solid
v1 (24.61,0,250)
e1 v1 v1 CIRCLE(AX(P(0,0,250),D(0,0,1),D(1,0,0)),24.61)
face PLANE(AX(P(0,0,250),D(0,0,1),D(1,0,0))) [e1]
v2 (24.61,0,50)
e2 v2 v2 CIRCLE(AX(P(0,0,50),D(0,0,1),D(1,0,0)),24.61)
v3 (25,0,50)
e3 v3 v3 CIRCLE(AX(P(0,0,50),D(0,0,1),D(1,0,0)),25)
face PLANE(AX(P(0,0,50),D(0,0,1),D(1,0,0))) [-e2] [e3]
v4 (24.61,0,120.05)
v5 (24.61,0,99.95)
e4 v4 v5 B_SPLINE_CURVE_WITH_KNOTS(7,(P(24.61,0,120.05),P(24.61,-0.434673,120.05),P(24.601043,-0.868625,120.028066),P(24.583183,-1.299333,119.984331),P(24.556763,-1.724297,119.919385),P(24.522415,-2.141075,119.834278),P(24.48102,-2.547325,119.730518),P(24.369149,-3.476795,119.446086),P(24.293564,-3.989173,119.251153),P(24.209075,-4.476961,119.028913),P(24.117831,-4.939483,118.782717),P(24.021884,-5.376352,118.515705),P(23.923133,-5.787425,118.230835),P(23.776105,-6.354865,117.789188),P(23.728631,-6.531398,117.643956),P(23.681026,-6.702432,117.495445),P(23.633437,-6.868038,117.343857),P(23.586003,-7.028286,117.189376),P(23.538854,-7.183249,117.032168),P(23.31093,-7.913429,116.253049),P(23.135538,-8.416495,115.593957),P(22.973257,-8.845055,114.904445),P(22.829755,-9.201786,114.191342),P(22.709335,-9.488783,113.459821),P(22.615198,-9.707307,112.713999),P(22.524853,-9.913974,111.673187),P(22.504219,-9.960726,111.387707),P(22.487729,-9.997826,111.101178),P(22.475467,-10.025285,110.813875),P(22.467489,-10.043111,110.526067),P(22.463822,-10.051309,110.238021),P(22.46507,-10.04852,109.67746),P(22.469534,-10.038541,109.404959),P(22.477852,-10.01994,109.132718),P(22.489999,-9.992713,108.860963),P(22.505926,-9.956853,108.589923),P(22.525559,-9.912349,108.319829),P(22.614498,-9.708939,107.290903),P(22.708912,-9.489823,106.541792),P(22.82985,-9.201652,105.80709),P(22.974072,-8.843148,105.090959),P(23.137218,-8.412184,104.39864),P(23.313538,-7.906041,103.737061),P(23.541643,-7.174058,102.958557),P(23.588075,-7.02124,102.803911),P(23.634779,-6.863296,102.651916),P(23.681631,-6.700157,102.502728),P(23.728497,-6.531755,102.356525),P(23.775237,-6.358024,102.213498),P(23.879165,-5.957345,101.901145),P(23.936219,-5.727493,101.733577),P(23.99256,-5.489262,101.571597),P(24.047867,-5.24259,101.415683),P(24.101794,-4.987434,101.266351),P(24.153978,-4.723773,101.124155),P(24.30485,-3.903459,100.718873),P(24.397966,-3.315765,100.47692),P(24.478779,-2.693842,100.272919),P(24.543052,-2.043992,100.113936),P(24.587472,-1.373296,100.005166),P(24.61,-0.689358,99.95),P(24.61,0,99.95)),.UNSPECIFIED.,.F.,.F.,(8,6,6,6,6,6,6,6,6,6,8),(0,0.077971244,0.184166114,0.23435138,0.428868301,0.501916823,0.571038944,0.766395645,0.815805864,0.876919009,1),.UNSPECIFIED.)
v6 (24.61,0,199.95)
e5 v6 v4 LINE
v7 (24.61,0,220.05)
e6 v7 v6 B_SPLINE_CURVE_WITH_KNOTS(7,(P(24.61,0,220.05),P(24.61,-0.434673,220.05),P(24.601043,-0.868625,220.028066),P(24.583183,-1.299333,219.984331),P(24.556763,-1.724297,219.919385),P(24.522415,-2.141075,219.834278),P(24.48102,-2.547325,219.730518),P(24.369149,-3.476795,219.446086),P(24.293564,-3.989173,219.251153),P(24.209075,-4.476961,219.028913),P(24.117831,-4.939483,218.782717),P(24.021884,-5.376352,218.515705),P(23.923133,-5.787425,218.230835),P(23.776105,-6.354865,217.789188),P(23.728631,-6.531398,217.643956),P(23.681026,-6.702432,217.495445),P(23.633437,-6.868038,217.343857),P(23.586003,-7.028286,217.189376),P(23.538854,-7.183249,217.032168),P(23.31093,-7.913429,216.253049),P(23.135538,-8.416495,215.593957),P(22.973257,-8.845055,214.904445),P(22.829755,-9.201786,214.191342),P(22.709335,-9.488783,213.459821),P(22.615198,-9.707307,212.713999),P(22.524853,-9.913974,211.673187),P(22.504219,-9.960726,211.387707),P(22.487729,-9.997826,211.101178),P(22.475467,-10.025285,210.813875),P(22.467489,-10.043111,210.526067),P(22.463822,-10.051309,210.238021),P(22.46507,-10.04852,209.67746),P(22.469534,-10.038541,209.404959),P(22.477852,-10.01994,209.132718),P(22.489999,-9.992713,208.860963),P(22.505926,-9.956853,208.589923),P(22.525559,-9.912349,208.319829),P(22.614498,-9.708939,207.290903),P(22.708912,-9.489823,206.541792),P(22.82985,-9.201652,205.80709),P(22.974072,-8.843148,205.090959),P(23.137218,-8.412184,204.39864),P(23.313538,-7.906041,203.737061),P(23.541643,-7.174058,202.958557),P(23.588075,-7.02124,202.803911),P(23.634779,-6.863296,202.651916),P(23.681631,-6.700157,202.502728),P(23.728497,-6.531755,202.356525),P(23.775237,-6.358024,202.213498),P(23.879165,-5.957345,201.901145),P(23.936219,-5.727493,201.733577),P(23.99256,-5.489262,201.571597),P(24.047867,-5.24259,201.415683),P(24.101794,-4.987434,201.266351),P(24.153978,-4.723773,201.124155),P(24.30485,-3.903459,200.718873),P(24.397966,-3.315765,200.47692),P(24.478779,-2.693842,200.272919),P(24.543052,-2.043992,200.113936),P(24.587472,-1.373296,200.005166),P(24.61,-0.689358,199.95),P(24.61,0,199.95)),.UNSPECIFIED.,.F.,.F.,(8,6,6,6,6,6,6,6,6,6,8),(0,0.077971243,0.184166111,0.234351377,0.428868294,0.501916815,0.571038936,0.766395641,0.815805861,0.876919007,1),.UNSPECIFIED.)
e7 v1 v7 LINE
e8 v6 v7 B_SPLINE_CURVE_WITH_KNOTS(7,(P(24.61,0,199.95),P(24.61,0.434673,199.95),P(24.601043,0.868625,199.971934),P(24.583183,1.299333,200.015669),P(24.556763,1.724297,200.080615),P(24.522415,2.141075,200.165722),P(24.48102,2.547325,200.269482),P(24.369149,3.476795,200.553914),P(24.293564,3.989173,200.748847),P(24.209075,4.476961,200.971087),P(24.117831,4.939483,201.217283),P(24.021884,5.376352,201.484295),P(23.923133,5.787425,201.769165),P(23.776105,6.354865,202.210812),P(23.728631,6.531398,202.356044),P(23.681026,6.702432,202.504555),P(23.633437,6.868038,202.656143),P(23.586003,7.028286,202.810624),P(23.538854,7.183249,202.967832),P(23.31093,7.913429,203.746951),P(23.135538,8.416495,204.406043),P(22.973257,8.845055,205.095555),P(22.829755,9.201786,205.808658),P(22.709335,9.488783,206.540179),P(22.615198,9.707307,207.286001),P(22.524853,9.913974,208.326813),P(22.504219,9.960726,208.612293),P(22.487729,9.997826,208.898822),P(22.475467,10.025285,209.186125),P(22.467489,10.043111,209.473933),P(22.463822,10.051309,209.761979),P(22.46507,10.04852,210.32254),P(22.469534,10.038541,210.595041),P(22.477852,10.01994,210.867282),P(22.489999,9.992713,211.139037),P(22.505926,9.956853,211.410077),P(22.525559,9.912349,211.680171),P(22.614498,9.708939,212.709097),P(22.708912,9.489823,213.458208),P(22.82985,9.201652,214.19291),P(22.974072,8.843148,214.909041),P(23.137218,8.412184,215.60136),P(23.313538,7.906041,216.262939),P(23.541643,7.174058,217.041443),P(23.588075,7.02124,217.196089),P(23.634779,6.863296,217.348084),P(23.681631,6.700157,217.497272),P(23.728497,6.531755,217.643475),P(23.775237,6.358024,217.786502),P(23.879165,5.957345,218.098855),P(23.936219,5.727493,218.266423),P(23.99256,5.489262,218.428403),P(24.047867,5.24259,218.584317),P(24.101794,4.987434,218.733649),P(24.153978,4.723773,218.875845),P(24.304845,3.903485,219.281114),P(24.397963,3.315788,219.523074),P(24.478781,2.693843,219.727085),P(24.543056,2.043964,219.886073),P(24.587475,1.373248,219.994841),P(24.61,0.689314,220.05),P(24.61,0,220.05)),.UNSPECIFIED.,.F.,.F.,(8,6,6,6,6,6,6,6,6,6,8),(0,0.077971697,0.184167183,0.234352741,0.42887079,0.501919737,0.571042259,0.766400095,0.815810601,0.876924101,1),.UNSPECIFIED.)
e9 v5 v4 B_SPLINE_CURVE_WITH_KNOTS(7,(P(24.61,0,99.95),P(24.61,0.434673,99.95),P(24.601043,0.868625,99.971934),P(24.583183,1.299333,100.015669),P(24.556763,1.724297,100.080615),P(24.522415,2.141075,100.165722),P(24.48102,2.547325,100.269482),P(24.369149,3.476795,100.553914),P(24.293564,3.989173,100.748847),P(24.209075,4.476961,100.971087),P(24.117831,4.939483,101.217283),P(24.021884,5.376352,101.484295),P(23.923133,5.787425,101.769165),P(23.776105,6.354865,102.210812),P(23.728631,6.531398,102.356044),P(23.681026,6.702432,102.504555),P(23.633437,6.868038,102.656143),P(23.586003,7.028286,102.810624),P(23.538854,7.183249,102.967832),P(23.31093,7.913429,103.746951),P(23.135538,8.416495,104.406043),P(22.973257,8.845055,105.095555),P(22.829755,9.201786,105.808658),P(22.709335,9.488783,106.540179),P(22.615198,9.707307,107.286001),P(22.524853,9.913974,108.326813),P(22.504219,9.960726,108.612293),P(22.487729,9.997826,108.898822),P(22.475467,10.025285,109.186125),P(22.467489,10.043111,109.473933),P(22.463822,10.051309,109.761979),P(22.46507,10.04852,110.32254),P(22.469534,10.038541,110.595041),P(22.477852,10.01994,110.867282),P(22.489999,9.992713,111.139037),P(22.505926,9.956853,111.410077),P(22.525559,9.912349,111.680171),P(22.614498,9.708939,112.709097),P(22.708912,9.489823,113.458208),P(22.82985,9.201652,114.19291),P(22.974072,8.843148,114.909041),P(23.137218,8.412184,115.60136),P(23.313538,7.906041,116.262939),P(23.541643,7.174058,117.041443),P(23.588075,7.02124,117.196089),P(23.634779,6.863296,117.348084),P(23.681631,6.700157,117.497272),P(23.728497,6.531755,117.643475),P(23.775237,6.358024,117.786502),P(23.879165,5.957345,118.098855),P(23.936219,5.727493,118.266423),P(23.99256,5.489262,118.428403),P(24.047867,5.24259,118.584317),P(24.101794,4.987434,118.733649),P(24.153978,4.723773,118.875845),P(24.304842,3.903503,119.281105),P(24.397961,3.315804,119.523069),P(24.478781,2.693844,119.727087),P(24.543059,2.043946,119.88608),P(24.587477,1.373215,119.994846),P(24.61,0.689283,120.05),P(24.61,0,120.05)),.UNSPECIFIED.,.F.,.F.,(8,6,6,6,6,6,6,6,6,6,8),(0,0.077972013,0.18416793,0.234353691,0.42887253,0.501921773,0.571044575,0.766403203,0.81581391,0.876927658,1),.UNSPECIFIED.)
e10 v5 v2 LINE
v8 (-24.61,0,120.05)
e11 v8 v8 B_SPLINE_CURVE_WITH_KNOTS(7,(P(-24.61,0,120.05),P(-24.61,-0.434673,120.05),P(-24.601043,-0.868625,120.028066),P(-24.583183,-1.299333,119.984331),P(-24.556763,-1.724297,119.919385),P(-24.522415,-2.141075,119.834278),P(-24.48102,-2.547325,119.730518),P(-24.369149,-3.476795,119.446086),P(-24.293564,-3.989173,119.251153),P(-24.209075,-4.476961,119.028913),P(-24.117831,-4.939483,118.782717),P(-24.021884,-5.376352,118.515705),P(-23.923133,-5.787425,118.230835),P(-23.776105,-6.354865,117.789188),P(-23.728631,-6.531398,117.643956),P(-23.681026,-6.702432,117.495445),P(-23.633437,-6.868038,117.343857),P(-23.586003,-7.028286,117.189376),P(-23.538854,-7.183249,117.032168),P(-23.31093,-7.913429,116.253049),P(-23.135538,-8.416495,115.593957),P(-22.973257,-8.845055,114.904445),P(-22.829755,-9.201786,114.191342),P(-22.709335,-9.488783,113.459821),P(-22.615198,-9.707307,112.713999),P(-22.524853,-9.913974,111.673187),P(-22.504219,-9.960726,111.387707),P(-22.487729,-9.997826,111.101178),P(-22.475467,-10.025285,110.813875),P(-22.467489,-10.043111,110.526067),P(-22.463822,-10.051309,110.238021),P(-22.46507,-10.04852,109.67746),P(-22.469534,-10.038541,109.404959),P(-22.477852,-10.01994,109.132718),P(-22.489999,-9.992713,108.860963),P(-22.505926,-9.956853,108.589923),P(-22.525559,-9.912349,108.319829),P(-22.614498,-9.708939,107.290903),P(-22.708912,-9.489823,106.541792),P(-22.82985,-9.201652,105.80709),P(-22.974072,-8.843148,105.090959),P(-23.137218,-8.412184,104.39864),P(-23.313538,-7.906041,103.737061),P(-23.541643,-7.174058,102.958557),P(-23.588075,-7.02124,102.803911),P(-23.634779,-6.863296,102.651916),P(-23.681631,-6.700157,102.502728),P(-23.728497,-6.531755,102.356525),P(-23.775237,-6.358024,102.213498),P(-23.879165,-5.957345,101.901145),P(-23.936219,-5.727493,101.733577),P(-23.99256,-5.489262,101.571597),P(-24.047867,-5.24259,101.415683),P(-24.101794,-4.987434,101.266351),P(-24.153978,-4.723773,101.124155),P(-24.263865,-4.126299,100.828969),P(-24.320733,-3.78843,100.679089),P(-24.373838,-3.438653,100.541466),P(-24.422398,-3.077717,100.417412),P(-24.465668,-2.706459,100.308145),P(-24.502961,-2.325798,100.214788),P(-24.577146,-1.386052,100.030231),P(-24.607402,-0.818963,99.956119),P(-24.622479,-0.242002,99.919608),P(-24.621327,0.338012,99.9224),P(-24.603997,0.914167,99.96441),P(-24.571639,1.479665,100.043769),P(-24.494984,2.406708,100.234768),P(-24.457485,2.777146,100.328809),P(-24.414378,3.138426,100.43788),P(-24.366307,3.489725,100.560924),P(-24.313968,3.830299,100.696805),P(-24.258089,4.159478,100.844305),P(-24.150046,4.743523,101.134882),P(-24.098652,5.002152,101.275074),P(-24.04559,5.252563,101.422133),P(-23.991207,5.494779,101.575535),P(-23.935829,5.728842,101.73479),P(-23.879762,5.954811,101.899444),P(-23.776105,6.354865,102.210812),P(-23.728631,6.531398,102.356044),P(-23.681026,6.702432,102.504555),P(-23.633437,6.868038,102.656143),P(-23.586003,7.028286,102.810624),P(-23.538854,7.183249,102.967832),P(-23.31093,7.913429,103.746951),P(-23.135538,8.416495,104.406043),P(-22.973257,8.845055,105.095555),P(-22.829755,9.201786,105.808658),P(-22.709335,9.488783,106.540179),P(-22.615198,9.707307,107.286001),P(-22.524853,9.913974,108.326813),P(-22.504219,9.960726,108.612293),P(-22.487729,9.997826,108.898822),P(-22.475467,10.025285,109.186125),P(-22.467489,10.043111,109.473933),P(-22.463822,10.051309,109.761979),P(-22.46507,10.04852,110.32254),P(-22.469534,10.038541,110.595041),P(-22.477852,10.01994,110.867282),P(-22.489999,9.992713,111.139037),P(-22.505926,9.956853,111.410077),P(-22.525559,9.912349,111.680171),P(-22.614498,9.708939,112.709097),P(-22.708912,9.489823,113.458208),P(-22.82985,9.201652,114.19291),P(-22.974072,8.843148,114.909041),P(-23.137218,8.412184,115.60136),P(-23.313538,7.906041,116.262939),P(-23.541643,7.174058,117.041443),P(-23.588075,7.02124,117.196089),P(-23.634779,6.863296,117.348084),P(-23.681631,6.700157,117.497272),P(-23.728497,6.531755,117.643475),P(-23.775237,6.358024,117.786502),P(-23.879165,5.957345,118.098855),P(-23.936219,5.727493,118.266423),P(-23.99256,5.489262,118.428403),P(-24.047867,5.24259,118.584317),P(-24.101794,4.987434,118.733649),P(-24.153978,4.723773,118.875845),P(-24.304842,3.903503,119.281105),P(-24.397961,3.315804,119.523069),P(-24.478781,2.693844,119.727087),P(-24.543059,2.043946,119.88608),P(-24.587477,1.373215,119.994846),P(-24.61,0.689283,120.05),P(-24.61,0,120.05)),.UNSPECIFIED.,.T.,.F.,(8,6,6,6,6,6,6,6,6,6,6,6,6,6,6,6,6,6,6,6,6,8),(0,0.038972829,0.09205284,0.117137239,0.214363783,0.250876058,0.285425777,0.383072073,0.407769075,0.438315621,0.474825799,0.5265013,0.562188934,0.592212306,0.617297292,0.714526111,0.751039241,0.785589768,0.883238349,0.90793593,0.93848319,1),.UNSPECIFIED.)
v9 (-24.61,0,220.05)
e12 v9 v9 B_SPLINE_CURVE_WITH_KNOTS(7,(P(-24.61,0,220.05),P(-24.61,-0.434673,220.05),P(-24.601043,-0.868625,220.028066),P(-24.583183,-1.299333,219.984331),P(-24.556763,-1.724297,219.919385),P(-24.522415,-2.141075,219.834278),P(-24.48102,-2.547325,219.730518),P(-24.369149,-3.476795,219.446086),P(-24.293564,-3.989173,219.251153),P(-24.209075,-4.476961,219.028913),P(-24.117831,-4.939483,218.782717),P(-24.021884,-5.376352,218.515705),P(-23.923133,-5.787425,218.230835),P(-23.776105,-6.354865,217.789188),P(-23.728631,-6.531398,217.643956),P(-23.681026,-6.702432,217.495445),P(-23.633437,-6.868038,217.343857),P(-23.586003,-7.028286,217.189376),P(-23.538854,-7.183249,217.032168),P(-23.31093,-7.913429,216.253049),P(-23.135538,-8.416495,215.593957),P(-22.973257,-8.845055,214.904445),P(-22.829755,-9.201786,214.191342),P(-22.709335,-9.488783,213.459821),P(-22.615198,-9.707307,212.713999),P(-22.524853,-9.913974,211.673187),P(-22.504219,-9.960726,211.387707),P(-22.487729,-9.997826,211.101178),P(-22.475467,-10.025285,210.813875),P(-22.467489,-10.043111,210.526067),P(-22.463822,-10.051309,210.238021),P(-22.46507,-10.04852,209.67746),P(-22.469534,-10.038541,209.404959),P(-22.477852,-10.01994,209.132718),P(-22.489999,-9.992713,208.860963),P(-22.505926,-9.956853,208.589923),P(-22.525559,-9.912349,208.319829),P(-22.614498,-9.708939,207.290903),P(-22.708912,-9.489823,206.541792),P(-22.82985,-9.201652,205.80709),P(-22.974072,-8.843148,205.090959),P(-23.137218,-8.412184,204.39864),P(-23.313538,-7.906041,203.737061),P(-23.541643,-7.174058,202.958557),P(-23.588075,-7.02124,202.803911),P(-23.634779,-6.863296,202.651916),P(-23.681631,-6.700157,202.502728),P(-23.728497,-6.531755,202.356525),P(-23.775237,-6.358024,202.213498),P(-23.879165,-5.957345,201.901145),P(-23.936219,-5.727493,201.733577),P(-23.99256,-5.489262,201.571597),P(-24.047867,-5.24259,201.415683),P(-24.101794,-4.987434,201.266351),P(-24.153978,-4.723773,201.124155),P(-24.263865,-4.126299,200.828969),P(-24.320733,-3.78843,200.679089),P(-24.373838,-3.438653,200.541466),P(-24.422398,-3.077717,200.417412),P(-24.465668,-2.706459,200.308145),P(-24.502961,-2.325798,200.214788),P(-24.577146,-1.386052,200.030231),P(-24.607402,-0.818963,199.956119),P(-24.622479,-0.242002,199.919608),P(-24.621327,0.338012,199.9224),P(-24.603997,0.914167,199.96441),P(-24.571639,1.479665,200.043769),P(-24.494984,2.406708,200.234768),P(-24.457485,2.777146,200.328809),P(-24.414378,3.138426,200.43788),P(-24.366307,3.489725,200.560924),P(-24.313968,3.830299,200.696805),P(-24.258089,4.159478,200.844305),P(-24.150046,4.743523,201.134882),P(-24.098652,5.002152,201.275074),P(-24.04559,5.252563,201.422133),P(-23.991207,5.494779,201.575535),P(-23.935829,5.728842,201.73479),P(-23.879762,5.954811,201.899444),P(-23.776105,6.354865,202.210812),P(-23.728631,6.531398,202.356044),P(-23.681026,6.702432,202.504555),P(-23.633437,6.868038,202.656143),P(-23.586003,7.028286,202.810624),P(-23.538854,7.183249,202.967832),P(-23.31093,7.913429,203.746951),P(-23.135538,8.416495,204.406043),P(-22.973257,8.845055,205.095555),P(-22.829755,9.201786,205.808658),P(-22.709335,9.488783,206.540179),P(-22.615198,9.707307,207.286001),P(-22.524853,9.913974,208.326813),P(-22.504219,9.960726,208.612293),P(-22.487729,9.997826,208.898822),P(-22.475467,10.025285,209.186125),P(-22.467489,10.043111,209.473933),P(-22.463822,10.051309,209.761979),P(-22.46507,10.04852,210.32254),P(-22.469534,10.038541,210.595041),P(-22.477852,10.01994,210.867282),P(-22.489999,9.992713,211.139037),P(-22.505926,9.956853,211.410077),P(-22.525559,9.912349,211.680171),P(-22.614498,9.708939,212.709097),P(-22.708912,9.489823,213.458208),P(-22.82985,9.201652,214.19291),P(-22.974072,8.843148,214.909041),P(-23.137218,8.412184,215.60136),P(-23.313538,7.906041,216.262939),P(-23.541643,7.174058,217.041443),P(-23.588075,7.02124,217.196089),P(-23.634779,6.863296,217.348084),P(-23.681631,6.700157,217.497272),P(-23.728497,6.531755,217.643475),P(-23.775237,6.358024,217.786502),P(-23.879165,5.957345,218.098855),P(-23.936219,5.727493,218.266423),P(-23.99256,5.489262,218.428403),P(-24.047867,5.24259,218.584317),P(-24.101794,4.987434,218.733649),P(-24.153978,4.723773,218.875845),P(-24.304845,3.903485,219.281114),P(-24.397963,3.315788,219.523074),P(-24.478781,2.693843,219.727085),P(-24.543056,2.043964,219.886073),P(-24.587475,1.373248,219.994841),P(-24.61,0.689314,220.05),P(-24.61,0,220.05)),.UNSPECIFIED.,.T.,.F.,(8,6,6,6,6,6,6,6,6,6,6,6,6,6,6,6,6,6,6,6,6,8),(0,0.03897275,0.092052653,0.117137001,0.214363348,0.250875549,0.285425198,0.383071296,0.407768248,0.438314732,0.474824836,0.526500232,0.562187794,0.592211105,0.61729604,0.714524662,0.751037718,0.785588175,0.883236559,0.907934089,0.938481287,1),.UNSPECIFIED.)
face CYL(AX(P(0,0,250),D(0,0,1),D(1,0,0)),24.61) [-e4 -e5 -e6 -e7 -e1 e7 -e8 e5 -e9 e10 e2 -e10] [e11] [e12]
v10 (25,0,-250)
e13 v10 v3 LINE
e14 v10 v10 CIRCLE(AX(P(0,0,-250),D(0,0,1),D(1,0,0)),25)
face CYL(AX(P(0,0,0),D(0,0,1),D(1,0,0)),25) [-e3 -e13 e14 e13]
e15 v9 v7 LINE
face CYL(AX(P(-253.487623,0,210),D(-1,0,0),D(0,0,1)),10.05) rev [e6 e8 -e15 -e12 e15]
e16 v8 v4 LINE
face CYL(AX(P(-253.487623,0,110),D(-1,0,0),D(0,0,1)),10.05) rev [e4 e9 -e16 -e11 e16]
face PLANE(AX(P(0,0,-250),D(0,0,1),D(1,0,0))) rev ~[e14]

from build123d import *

# Parameters (mm, degrees)
SKETCH1_R               = 25
BOSS_EXTRUDE1_DEPTH     = 250
CUT_EXTRUDE1_DEPTH      = 253.487623459
CUT_EXTRUDE1_DEPTH_BACK = 253.487623459
SKETCH2_R               = 10.05
SKETCH3_OUTSIDE_W       = 152.996
SKETCH3_OUTSIDE_H       = 152.996
SKETCH3_OUTSIDE_R       = 24.61
CUT_EXTRUDE2_DEPTH      = 200


with BuildPart() as part:
    # Sketch1 → Boss-Extrude1 (new, symmetric)
    with BuildSketch(Plane.XY):
        Circle(SKETCH1_R)
    extrude(amount=BOSS_EXTRUDE1_DEPTH, both=True)

    # Sketch2 → Cut-Extrude1 (cut, two sides: drawn at the far end of the back side and taken through both)
    with BuildSketch(Plane(origin=(0, 0, 0), x_dir=(0, 0, -1), z_dir=(1, 0, 0)).offset(-CUT_EXTRUDE1_DEPTH_BACK)):
        with Locations(Location((-210, 0, 0), (0, 0, 180))):
            Circle(SKETCH2_R)
        with Locations(Location((-110, 0, 0), (0, 0, 180))):
            Circle(SKETCH2_R)
    extrude(amount=CUT_EXTRUDE1_DEPTH + CUT_EXTRUDE1_DEPTH_BACK, mode=Mode.SUBTRACT)

    # Sketch3 outside → Cut-Extrude2 (cut)
    with BuildSketch(Plane.XY.offset(250)):
        Rectangle(SKETCH3_OUTSIDE_W, SKETCH3_OUTSIDE_H)
        Circle(SKETCH3_OUTSIDE_R, mode=Mode.SUBTRACT)
    extrude(amount=-CUT_EXTRUDE2_DEPTH, mode=Mode.SUBTRACT)


solid = part.part
